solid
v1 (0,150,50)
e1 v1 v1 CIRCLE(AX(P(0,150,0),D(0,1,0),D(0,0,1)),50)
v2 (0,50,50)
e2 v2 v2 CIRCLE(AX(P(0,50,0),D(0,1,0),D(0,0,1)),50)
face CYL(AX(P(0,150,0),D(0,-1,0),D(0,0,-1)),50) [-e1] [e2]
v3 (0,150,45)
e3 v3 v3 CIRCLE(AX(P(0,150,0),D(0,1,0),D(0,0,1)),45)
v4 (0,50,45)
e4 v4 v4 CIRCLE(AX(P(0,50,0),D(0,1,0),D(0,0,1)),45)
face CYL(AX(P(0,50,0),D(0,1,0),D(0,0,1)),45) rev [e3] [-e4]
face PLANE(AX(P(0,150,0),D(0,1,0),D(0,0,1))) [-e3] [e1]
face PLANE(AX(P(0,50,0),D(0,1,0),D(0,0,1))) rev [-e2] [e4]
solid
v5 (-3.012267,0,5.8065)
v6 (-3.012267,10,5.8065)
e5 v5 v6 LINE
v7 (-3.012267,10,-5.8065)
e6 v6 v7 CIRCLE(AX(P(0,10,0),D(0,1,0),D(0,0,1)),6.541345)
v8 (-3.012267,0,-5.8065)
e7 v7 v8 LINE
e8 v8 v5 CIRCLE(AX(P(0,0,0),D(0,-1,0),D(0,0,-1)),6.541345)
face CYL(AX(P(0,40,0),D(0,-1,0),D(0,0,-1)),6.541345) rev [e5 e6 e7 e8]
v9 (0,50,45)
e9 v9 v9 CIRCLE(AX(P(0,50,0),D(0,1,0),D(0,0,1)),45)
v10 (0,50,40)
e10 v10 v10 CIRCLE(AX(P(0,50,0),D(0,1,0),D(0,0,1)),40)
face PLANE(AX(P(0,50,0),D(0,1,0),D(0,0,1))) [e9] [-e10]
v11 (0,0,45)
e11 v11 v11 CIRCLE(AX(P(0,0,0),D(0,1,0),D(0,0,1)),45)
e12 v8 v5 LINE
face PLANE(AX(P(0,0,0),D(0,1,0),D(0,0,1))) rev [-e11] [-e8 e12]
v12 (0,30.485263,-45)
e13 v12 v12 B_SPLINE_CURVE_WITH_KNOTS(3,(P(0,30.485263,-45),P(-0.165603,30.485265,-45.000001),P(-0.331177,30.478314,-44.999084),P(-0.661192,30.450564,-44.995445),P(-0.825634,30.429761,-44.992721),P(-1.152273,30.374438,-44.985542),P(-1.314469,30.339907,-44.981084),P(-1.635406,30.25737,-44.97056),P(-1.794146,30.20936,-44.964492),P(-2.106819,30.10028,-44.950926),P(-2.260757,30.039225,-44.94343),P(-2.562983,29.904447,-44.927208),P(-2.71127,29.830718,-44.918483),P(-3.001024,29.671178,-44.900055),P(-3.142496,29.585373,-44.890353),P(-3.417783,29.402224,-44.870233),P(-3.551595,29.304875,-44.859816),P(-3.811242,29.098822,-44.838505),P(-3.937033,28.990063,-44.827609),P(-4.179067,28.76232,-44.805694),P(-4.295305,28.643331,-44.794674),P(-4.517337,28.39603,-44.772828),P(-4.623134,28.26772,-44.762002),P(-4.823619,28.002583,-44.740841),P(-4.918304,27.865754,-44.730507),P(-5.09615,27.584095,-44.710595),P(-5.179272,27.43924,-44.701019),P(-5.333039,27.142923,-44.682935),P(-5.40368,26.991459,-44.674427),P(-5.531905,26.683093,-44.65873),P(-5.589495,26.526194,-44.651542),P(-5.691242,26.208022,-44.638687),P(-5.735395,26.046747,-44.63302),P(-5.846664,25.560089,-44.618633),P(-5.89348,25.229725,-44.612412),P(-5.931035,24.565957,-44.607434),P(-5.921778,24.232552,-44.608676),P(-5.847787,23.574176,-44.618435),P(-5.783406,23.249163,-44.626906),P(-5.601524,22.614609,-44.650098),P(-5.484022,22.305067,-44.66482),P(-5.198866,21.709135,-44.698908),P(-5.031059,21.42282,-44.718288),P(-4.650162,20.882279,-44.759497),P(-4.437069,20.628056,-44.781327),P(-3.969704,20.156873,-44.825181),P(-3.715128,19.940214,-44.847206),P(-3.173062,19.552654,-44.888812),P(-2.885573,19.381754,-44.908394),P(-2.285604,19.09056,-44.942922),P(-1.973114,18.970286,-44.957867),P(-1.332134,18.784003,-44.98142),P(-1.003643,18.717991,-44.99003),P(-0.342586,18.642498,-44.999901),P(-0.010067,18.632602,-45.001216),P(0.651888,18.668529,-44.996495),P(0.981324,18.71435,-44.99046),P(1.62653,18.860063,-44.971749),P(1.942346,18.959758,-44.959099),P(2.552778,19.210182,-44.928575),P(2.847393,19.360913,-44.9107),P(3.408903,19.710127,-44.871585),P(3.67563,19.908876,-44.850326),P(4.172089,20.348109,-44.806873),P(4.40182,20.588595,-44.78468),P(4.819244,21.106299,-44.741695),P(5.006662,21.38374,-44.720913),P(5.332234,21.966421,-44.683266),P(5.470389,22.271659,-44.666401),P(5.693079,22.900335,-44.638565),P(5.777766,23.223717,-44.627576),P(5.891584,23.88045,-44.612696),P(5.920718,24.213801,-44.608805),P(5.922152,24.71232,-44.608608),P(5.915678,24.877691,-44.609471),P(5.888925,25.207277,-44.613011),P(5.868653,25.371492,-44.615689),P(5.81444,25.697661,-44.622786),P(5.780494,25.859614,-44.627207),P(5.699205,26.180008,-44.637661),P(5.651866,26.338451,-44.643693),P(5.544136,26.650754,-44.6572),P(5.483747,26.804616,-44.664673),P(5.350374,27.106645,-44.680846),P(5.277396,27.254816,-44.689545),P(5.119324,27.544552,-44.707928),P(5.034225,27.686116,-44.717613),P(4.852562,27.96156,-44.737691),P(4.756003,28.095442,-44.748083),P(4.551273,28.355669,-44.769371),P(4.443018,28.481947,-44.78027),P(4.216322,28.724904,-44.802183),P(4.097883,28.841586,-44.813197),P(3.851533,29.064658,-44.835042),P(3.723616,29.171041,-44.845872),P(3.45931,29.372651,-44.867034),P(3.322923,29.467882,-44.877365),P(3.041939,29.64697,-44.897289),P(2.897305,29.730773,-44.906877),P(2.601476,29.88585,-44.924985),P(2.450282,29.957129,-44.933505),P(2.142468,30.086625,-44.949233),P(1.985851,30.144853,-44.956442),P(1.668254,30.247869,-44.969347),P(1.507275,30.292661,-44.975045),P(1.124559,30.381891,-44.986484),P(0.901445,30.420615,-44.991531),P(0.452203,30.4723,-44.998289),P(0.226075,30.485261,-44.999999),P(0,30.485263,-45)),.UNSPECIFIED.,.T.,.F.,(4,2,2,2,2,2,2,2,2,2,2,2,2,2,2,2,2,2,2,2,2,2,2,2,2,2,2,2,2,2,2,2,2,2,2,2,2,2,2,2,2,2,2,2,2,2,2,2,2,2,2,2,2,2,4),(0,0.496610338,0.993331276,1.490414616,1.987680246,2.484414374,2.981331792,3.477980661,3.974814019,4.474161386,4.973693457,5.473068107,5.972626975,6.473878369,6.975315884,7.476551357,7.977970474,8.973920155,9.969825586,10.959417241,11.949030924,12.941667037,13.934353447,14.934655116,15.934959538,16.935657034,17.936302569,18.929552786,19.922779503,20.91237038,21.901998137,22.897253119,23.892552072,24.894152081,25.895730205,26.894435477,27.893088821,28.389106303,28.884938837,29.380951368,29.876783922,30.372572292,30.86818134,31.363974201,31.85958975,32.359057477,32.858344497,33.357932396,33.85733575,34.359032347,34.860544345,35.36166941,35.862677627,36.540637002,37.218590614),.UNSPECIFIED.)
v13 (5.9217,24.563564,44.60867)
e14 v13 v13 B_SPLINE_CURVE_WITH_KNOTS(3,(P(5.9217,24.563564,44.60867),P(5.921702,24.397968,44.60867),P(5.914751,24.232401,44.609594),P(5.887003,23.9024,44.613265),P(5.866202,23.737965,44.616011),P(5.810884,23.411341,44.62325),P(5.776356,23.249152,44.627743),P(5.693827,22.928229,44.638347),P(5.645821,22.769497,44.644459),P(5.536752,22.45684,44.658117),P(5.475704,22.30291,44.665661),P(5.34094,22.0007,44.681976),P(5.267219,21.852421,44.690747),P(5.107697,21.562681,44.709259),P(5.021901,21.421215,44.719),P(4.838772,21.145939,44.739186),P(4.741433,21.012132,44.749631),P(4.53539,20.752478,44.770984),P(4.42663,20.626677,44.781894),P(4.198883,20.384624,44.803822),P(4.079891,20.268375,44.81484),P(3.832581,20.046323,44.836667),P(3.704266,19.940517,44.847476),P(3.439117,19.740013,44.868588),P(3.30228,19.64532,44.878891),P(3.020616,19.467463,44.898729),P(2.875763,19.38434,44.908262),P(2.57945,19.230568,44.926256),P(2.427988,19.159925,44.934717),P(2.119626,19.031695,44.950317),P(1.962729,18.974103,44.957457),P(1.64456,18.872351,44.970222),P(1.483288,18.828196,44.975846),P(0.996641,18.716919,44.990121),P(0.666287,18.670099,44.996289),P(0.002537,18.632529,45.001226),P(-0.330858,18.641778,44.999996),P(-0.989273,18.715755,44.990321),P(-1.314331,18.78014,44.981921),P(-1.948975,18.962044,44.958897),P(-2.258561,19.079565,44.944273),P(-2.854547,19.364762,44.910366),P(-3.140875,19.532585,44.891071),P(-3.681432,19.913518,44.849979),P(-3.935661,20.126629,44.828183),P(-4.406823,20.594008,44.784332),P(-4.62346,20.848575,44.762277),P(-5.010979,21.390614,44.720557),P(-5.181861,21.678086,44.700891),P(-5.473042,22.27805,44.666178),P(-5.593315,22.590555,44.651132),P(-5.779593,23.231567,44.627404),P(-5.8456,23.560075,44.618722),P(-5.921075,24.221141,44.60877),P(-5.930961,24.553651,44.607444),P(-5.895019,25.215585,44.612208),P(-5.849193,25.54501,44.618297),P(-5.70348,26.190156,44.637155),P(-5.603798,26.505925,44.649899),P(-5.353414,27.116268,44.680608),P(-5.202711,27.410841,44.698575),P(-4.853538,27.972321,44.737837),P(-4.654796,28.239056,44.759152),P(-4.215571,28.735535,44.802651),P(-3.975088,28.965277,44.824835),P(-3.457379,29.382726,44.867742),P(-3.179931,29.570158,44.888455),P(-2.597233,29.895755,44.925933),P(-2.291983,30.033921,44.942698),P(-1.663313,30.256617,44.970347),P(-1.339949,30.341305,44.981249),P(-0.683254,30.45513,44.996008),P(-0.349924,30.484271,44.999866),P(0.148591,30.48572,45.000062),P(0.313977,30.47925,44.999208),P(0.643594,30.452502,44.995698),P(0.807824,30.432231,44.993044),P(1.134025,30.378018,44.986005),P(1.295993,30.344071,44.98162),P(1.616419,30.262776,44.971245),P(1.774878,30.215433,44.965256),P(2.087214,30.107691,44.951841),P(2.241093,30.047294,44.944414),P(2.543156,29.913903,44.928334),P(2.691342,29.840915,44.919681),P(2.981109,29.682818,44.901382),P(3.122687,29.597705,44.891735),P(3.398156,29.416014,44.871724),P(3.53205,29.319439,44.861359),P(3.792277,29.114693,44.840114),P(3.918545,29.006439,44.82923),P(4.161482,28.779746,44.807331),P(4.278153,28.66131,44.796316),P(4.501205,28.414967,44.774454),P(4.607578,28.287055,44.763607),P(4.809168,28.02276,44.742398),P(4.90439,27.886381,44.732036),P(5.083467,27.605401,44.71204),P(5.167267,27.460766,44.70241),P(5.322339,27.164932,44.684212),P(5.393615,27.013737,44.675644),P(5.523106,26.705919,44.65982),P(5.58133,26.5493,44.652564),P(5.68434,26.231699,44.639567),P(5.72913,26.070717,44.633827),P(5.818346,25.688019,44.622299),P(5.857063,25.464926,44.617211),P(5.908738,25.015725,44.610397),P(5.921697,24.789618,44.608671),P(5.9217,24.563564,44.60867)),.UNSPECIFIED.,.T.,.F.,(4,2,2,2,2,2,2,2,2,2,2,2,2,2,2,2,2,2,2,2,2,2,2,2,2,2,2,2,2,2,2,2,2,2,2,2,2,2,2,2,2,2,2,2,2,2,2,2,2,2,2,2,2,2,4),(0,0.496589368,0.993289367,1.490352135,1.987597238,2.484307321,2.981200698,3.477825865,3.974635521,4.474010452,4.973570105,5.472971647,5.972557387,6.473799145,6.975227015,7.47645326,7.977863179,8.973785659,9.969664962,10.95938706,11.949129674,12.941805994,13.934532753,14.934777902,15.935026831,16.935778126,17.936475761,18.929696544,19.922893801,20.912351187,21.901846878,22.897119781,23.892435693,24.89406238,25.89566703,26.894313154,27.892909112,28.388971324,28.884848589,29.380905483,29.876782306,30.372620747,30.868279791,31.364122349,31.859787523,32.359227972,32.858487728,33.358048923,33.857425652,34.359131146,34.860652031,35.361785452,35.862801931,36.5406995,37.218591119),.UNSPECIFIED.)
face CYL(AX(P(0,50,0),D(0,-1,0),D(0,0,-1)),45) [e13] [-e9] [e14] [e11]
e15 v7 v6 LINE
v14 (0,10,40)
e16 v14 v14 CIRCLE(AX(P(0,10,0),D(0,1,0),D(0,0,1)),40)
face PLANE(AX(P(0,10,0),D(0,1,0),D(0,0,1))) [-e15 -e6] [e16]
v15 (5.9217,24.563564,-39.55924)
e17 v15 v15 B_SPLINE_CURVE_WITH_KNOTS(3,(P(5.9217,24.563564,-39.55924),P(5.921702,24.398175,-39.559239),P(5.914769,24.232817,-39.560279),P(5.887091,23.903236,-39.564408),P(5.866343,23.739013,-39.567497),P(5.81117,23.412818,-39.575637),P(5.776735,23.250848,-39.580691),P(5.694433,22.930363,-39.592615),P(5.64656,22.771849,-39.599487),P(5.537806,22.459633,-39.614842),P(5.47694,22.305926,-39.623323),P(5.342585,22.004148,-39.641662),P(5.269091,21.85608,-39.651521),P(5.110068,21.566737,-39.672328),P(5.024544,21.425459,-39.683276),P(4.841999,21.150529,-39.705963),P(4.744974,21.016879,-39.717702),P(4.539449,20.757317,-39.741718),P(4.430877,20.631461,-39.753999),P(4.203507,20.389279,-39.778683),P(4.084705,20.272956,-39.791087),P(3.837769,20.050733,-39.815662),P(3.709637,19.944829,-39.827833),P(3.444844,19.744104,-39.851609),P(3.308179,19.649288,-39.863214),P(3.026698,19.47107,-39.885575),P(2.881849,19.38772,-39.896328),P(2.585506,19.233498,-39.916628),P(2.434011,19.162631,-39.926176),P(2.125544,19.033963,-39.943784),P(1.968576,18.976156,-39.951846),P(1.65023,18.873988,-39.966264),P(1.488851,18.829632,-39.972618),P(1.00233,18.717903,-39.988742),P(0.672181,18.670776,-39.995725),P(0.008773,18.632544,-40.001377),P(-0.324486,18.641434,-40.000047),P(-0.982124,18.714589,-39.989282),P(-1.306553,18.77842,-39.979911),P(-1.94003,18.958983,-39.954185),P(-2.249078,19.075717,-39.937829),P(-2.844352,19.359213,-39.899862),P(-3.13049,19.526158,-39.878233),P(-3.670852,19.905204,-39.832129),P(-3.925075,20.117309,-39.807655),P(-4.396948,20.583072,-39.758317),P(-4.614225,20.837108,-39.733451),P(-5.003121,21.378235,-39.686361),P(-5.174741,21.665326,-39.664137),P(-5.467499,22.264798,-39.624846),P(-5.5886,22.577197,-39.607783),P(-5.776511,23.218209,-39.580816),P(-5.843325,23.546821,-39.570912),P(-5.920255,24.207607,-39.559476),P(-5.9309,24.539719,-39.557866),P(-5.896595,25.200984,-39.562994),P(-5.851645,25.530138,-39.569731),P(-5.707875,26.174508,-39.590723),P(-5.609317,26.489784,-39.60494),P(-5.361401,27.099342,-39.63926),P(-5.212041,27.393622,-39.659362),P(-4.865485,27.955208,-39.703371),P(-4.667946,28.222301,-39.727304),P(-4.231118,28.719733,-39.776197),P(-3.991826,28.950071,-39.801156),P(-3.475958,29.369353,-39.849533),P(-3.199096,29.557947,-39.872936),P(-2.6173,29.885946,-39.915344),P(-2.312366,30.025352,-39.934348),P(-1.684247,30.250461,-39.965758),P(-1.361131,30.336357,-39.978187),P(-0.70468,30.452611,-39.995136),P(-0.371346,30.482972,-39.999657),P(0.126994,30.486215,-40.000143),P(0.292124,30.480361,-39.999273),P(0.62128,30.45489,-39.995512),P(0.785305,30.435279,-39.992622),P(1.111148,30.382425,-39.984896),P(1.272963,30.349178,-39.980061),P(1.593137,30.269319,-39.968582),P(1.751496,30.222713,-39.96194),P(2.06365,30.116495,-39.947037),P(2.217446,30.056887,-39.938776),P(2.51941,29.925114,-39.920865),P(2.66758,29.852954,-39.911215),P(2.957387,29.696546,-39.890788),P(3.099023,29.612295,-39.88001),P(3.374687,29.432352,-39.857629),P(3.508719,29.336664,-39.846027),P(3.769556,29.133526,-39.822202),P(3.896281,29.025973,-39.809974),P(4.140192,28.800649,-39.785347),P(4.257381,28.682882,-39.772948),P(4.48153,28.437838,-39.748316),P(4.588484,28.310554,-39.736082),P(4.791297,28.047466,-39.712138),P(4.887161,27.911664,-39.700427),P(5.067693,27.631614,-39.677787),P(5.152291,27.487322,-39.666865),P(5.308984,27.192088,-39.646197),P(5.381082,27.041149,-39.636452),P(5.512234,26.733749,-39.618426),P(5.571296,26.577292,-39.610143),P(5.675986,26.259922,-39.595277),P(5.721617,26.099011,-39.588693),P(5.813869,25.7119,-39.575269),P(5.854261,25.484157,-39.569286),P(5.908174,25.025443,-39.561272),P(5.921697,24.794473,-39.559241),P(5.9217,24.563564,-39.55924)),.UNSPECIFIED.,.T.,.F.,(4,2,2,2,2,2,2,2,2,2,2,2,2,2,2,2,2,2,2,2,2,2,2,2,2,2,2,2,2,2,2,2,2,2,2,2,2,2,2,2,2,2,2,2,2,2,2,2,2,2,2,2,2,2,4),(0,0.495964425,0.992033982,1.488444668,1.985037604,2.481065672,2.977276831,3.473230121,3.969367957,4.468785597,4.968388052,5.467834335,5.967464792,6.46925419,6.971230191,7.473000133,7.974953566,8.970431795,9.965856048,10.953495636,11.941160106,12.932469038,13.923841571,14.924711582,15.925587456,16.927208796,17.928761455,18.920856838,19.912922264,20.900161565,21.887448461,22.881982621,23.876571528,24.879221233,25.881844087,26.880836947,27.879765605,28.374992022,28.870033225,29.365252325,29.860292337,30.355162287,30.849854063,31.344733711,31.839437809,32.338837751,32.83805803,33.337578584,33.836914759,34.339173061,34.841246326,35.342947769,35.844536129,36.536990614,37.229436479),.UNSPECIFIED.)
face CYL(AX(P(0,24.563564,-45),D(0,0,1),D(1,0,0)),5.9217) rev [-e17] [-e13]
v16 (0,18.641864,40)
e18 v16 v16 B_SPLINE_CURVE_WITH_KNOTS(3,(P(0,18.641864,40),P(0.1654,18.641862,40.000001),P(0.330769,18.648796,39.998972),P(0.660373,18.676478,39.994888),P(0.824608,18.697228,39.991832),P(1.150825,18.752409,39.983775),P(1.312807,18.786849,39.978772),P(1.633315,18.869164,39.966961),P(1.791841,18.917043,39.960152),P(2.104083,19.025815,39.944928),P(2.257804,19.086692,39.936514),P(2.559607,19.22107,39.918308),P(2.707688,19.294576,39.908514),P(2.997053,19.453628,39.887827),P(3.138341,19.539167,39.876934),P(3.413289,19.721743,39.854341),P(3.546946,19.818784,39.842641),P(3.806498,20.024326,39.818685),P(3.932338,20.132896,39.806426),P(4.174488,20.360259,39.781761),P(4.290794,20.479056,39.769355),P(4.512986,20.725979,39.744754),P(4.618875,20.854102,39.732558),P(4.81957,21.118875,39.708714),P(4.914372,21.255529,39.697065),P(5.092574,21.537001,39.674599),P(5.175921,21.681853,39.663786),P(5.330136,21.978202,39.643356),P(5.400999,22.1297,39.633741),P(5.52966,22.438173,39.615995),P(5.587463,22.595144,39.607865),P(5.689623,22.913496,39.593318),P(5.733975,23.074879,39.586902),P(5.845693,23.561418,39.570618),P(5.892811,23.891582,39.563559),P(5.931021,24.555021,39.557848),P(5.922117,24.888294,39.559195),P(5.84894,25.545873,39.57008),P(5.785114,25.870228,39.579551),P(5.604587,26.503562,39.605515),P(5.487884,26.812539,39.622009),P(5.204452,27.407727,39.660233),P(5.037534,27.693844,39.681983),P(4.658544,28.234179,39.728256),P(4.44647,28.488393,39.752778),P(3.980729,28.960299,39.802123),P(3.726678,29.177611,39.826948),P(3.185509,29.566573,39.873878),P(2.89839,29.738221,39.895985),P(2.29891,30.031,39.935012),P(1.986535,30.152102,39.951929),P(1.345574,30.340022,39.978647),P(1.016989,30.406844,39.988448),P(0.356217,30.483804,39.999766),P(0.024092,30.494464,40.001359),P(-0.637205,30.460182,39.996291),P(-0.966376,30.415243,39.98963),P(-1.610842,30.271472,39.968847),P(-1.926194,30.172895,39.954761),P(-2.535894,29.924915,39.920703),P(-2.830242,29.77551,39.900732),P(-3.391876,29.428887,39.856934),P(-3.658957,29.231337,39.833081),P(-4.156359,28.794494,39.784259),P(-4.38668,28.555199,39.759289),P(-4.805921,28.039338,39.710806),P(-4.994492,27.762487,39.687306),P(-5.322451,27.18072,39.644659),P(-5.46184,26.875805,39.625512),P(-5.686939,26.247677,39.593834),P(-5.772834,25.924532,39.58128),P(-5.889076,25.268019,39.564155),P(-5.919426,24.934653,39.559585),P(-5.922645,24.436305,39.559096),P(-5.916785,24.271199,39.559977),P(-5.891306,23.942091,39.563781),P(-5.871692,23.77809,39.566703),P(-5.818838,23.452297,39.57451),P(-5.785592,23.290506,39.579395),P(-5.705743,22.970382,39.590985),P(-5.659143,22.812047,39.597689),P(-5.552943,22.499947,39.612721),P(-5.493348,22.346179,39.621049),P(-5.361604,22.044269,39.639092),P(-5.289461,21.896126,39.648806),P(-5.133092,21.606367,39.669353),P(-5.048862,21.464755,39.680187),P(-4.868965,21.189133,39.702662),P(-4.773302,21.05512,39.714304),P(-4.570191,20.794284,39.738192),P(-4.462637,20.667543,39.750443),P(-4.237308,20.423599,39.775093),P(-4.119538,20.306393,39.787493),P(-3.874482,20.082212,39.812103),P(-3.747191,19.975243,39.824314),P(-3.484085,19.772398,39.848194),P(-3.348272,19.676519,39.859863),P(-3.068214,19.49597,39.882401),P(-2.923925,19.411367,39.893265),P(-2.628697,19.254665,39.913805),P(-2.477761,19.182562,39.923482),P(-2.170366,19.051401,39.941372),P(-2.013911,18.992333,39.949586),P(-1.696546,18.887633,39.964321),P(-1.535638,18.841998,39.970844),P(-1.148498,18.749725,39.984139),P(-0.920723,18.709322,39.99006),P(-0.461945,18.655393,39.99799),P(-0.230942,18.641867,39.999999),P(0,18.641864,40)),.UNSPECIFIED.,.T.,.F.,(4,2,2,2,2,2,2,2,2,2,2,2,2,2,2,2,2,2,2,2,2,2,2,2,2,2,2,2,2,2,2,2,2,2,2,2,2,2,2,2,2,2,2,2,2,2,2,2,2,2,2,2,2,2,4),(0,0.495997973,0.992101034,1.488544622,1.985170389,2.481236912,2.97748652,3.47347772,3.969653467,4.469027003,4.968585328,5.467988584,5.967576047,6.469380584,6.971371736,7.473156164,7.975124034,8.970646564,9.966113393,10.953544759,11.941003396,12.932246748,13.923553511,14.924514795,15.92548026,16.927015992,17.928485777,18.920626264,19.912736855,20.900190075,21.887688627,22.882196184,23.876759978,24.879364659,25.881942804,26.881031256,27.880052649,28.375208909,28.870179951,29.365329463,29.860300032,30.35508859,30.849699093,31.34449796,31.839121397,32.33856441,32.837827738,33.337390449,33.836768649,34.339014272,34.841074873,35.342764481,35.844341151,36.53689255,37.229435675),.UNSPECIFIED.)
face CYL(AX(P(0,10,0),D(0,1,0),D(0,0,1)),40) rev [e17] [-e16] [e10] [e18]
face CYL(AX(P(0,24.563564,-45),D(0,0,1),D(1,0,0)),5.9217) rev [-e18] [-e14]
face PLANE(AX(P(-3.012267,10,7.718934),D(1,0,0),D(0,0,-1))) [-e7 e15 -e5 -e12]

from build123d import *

# Parameters (mm, degrees)
CROQUIS1_R                 = 45
SALIENTE_EXTRUIR1_DEPTH    = 50
CROQUIS2_R                 = 40
CORTAR_EXTRUIR1_DEPTH      = 40
CROQUIS3_R                 = 6.541345014
CORTAR_EXTRUIR2_DEPTH      = 40
CROQUIS4_W                 = 7.058156528
CROQUIS4_H                 = 15.437867096
SALIENTE_EXTRUIR3_DEPTH    = 10
CROQUIS6_R                 = 5.921699686
CORTAR_EXTRUIR4_DEPTH      = 46
CORTAR_EXTRUIR4_DEPTH_BACK = 46
CROQUIS9_R                 = 50
SALIENTE_EXTRUIR5_DEPTH    = 100
CROQUIS10_R                = 45
CORTAR_EXTRUIR6_DEPTH      = 100


with BuildPart() as part:
    # Croquis1 → Saliente-Extruir1 (new body)
    with BuildSketch(Plane(origin=(0, 0, 0), x_dir=(1, 0, 0), z_dir=(0, 1, 0))):
        Circle(CROQUIS1_R)
    extrude(amount=SALIENTE_EXTRUIR1_DEPTH)

    # Croquis2 → Cortar-Extruir1 (cut)
    with BuildSketch(Plane(origin=(0, 50, 0), x_dir=(1, 0, 0), z_dir=(0, 1, 0))):
        Circle(CROQUIS2_R)
    extrude(amount=-CORTAR_EXTRUIR1_DEPTH, mode=Mode.SUBTRACT)

    # Croquis3 → Cortar-Extruir2 (cut)
    with BuildSketch(Plane.XZ):
        Circle(CROQUIS3_R)
    extrude(amount=-CORTAR_EXTRUIR2_DEPTH, mode=Mode.SUBTRACT)

    # Croquis4 → Saliente-Extruir3 (add)
    with BuildSketch(Plane.XZ):
        with Locations((-6.541345014, 0)):
            Rectangle(CROQUIS4_W, CROQUIS4_H)
    extrude(amount=-SALIENTE_EXTRUIR3_DEPTH)

    # Croquis6 → Cortar-Extruir4 (cut, two sides)
    with BuildSketch(Plane.XY) as cortar_extruir4_sk:
        with Locations((0, 24.563563624)):
            Circle(CROQUIS6_R)
    extrude(amount=CORTAR_EXTRUIR4_DEPTH, mode=Mode.SUBTRACT)
    extrude(cortar_extruir4_sk.sketch, amount=-CORTAR_EXTRUIR4_DEPTH_BACK, mode=Mode.SUBTRACT)

    # Croquis9 → Saliente-Extruir5 (add)
    with BuildSketch(Plane(origin=(0, 50, 0), x_dir=(1, 0, 0), z_dir=(0, 1, 0))):
        Circle(CROQUIS9_R)
    extrude(amount=SALIENTE_EXTRUIR5_DEPTH)

    # Croquis10 → Cortar-Extruir6 (cut)
    with BuildSketch(Plane(origin=(0, 150, 0), x_dir=(1, 0, 0), z_dir=(0, 1, 0))):
        Circle(CROQUIS10_R)
    extrude(amount=-CORTAR_EXTRUIR6_DEPTH, mode=Mode.SUBTRACT)


solid = part.part
